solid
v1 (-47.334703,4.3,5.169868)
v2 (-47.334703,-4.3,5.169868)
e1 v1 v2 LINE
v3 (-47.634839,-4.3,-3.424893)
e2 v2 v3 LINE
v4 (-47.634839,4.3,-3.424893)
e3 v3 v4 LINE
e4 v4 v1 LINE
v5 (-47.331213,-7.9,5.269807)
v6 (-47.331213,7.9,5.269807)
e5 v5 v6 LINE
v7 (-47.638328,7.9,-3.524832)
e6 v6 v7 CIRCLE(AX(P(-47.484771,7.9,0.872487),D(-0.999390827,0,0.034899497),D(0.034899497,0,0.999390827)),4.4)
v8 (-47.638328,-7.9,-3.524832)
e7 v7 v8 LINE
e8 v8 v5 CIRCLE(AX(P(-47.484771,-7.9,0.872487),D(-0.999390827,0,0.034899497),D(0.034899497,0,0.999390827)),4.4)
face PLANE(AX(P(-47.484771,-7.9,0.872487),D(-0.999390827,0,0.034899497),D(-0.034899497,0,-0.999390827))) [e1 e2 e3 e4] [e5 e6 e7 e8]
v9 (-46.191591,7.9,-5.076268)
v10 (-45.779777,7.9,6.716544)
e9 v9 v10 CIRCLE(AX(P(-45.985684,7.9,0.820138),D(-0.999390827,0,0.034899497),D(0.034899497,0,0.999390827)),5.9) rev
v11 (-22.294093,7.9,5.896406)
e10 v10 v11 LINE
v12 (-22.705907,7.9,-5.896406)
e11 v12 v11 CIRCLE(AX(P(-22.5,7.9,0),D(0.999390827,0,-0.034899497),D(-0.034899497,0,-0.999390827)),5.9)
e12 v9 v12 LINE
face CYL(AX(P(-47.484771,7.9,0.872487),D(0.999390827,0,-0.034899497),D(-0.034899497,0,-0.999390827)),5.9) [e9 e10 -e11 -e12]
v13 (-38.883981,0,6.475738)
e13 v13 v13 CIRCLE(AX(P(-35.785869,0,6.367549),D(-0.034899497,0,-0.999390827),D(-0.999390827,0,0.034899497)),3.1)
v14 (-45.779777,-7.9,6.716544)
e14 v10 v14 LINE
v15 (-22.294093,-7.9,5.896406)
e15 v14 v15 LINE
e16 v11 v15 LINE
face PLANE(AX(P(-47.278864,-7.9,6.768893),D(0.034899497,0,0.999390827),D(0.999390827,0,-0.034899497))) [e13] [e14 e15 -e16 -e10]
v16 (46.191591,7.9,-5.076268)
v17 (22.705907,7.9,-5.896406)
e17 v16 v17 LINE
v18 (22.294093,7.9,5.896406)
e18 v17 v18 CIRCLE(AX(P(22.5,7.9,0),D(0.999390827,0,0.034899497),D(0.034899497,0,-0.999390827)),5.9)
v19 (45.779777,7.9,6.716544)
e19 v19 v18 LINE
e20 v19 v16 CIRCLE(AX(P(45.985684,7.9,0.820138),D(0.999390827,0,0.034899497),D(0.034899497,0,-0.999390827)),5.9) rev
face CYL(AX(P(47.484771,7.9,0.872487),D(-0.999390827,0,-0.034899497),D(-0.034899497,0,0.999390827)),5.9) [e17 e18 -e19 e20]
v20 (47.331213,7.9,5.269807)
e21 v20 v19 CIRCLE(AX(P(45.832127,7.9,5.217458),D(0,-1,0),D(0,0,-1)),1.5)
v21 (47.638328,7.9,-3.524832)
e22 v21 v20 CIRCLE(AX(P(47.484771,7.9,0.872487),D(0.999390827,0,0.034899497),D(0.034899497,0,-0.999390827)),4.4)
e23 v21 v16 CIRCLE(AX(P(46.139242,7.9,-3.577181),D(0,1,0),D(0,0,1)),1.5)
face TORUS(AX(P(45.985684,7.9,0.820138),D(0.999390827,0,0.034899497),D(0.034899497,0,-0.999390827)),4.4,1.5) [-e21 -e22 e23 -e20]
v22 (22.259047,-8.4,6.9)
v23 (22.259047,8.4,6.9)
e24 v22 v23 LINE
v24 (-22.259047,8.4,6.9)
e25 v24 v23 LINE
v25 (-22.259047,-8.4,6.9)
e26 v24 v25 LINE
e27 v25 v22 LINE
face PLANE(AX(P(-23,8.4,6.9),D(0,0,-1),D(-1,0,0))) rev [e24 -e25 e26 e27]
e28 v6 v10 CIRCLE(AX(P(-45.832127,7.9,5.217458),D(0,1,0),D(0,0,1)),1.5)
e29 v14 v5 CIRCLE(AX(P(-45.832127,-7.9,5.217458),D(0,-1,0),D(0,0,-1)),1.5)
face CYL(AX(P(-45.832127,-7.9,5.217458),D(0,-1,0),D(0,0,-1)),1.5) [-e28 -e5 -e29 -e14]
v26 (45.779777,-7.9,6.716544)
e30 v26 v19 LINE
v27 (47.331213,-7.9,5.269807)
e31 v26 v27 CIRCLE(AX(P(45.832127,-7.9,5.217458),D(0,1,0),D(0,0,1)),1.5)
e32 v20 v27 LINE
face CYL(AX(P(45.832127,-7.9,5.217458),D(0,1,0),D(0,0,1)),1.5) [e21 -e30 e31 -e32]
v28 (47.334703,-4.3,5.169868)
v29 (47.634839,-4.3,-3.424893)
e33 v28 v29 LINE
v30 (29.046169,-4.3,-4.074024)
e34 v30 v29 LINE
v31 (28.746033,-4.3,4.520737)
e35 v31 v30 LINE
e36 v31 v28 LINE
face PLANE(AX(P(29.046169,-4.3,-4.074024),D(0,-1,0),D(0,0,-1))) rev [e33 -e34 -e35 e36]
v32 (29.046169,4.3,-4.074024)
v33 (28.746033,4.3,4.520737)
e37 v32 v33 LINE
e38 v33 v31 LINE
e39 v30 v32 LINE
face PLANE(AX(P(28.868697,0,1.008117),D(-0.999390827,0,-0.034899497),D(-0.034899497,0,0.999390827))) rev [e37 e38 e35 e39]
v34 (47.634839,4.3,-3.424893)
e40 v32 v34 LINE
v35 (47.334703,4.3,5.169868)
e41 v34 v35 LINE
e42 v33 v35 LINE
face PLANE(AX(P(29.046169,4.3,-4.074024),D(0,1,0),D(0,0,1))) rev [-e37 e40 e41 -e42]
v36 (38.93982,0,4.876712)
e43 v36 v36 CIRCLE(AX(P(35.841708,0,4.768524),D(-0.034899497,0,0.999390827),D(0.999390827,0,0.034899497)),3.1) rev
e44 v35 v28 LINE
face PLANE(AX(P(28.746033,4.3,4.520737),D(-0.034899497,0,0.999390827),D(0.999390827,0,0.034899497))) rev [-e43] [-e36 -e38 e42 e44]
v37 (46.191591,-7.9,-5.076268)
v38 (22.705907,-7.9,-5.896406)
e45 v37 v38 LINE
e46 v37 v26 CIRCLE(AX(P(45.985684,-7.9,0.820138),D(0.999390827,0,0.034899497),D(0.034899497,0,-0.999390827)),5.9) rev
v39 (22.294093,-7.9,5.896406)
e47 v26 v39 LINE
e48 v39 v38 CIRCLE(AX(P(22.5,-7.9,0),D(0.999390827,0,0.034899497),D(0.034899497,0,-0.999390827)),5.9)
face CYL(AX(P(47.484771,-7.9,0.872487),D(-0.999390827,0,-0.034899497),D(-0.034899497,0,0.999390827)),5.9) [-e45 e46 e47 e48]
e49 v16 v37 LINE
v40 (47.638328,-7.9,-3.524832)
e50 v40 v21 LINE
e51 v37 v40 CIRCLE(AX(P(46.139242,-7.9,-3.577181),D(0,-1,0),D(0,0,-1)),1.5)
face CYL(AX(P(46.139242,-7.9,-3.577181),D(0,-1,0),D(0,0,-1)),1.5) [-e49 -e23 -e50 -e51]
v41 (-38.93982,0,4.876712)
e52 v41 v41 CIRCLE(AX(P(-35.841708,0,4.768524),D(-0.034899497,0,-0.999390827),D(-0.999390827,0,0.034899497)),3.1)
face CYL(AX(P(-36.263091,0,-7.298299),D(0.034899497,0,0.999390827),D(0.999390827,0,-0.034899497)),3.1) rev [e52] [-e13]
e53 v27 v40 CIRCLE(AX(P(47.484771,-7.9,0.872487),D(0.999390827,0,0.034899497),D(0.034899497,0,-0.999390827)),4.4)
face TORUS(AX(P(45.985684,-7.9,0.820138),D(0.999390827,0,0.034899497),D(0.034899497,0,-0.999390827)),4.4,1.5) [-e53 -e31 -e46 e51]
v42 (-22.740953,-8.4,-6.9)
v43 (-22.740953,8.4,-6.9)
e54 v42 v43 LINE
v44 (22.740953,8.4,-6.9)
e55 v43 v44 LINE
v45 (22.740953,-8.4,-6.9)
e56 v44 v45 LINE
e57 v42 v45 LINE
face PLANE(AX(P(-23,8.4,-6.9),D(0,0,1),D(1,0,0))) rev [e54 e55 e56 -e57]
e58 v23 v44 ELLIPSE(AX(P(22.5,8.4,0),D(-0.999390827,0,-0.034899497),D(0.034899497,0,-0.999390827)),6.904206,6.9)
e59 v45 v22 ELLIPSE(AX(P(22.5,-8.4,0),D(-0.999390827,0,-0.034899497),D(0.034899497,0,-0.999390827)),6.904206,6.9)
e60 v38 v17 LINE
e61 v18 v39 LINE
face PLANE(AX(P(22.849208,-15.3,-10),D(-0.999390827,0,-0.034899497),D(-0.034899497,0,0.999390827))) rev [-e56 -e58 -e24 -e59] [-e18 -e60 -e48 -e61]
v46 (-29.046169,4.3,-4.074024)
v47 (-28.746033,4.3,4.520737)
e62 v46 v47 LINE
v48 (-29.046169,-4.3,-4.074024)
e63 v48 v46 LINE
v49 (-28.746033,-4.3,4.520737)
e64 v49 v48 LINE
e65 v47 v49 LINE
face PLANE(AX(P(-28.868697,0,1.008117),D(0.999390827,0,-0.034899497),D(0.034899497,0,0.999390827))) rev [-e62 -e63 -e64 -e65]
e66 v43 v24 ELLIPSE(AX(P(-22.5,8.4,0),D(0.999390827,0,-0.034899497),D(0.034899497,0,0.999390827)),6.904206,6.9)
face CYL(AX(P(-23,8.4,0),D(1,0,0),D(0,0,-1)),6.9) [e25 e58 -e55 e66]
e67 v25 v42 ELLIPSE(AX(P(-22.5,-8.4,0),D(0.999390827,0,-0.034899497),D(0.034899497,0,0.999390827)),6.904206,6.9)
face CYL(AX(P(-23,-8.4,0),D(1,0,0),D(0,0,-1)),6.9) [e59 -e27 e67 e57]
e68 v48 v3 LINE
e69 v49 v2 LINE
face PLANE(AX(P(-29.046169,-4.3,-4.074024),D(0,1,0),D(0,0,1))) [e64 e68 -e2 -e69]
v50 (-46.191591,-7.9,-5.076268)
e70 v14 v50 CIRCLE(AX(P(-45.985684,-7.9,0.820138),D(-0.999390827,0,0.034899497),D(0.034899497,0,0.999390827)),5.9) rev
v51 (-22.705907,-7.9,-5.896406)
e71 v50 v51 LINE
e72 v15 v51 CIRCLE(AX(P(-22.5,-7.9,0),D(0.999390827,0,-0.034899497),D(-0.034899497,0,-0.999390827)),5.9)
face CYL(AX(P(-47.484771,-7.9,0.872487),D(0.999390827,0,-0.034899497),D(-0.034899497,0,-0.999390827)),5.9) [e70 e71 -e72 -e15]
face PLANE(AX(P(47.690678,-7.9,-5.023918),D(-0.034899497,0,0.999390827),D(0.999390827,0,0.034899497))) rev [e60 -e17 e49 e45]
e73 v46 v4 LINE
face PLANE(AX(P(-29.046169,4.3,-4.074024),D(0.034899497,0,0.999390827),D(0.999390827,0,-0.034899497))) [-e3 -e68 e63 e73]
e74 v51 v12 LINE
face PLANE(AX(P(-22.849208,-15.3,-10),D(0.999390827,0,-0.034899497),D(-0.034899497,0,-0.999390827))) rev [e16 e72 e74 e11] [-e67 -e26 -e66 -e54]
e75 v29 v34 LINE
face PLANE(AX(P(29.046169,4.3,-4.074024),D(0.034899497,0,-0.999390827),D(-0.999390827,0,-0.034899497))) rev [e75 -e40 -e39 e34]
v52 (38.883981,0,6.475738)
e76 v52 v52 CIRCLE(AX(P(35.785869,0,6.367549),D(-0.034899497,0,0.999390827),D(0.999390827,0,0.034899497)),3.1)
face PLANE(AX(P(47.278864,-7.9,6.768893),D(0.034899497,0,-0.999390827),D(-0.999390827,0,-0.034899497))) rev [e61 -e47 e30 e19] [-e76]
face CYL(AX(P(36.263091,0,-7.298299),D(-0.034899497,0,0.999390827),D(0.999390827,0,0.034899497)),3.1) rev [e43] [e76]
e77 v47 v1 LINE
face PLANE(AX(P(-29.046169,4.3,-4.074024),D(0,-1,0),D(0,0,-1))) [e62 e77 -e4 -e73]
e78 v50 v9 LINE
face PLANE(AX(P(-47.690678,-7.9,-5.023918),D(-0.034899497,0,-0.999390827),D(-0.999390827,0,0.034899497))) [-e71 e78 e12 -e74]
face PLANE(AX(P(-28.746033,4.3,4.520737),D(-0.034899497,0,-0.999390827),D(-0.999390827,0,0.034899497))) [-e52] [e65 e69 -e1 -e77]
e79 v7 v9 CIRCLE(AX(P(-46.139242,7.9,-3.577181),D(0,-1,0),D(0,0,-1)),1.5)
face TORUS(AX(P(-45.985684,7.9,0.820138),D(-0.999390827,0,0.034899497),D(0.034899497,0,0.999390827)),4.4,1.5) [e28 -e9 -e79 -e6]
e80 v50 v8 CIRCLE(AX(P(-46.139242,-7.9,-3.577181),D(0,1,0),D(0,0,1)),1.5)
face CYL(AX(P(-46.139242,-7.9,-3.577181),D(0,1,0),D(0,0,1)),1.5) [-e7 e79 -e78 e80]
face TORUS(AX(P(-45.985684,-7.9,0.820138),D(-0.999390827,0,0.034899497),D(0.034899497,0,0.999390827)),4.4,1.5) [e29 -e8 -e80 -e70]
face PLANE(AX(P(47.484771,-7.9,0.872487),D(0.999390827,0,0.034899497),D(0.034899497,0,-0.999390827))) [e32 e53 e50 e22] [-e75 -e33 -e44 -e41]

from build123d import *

# Parameters (mm, degrees)
CENTER_DEPTH         = 23
CENTER_DEPTH_BACK    = 23
ANGLE_CUT_DEPTH      = 29.472794032
ANGLE_CUT_DEPTH_BACK = 29.472794032
END_DEPTH            = 25
FILLET2_R            = 1.5
SKETCH10_W           = 8.6
SKETCH10_H           = 8.6
SQUARE_HOLE_DEPTH    = 18.6
ROUND_HOLE_REACH     = 53.623
SKETCH11_R           = 3.1
FILLET2_OF_MIRROR2_R = 1.5


with BuildPart() as part:
    # Sketch1 → Center (new, two sides: drawn at the far end of the back side and taken through both)
    with BuildSketch(Plane.ZY.offset(-CENTER_DEPTH_BACK)):
        with BuildLine():
            Line((6.9, 8.4), (6.9, -8.4))
            ThreePointArc((6.9, -8.4), (0, -15.3), (-6.9, -8.4))
            Line((-6.9, -8.4), (-6.9, 8.4))
            ThreePointArc((-6.9, 8.4), (0, 15.3), (6.9, 8.4))
        make_face()
    extrude(amount=CENTER_DEPTH + CENTER_DEPTH_BACK)

    # Sketch8 → Angle Cut (cut, two sides: drawn at the far end of the back side and taken through both)
    with BuildSketch(Plane(origin=(0, 0, 0), x_dir=(1, 0, 0), z_dir=(0, 1, 0)).offset(-ANGLE_CUT_DEPTH_BACK)):
        Polygon((-32.849207695, 10), (-22.849207695, 10), (-22.150792305, -10), (-32.849207695, -10), align=None)
        Polygon((32.849207695, -10), (22.150792305, -10), (22.849207695, 10), (32.849207695, 10), align=None)
    extrude(amount=ANGLE_CUT_DEPTH + ANGLE_CUT_DEPTH_BACK, mode=Mode.SUBTRACT)

    # Sketch9 → End (add)
    with BuildSketch(Plane(origin=(22.472595565, 0, 0.78476033), x_dir=(0.03489949670249425, 0, -0.999390827019096), z_dir=(0.999390827019096, 0, 0.03489949670249425))):
        with BuildLine():
            Line((-5.114761324, -7.9), (-5.114761324, 7.9))
            ThreePointArc((-5.114761324, 7.9), (0.785238676, 13.8), (6.685238676, 7.9))
            Line((6.685238676, 7.9), (6.685238676, -7.9))
            ThreePointArc((6.685238676, -7.9), (0.785238676, -13.8), (-5.114761324, -7.9))
        make_face()
    end = extrude(amount=END_DEPTH)

    # Fillet2
    fillet2_edges = [part.edges().sort_by_distance(p)[0] for p in [
        (47.484770675, -13.8, 0.872487418),
        (47.690677706, 0, -5.023918462),
        (47.484770675, 13.8, 0.872487418),
        (47.278863645, 0, 6.768893297),
    ]]
    fillet(fillet2_edges, radius=FILLET2_R)

    # Sketch10 → Square Hole (cut)
    with BuildSketch(Plane(origin=(47.457366241, 0, 1.657247747), x_dir=(0.03489949670249425, 0, -0.999390827019096), z_dir=(0.999390827019096, 0, 0.03489949670249425))):
        with Locations((0.785238676, 0)):
            Rectangle(SKETCH10_W, SKETCH10_H)
    square_hole = extrude(amount=-SQUARE_HOLE_DEPTH, mode=Mode.SUBTRACT)

    # Sketch11 → Round Hole (cut, up to next)
    with BuildSketch(Plane(origin=(-0.178502596, 0, 5.11164555), x_dir=(0.999390827019096, 0, 0.03489949670249425), z_dir=(-0.03489949670249425, 0, 0.999390827019096)), mode=Mode.PRIVATE) as round_hole_sk1:
        with Locations((35.986293608, 0)):
            Circle(SKETCH11_R)
    round_hole_tool1 = extrude(round_hole_sk1.sketch, amount=-ROUND_HOLE_REACH, mode=Mode.PRIVATE) & part.part
    round_hole = round_hole_tool1.solids().sort_by_distance((35.785869, 0, 6.367549))[0]
    add(round_hole, mode=Mode.SUBTRACT)

    # Mirror2: End, Square Hole, Round Hole across plane
    add(end.mirror(Plane(origin=(0, 0, 0), x_dir=(0, 0, 1), z_dir=(1, 0, 0))))
    add(square_hole.mirror(Plane(origin=(0, 0, 0), x_dir=(0, 0, 1), z_dir=(1, 0, 0))), mode=Mode.SUBTRACT)
    add(round_hole.mirror(Plane(origin=(0, 0, 0), x_dir=(0, 0, 1), z_dir=(1, 0, 0))), mode=Mode.SUBTRACT)

    # Fillet2 of Mirror2
    fillet2_of_mirror2_edges = [part.edges().sort_by_distance(p)[0] for p in [
        (-47.484770675, -13.8, 0.872487418),
        (-47.690677706, 0, -5.023918462),
        (-47.484770675, 13.8, 0.872487418),
        (-47.278863645, 0, 6.768893297),
    ]]
    fillet(fillet2_of_mirror2_edges, radius=FILLET2_OF_MIRROR2_R)


solid = part.part
